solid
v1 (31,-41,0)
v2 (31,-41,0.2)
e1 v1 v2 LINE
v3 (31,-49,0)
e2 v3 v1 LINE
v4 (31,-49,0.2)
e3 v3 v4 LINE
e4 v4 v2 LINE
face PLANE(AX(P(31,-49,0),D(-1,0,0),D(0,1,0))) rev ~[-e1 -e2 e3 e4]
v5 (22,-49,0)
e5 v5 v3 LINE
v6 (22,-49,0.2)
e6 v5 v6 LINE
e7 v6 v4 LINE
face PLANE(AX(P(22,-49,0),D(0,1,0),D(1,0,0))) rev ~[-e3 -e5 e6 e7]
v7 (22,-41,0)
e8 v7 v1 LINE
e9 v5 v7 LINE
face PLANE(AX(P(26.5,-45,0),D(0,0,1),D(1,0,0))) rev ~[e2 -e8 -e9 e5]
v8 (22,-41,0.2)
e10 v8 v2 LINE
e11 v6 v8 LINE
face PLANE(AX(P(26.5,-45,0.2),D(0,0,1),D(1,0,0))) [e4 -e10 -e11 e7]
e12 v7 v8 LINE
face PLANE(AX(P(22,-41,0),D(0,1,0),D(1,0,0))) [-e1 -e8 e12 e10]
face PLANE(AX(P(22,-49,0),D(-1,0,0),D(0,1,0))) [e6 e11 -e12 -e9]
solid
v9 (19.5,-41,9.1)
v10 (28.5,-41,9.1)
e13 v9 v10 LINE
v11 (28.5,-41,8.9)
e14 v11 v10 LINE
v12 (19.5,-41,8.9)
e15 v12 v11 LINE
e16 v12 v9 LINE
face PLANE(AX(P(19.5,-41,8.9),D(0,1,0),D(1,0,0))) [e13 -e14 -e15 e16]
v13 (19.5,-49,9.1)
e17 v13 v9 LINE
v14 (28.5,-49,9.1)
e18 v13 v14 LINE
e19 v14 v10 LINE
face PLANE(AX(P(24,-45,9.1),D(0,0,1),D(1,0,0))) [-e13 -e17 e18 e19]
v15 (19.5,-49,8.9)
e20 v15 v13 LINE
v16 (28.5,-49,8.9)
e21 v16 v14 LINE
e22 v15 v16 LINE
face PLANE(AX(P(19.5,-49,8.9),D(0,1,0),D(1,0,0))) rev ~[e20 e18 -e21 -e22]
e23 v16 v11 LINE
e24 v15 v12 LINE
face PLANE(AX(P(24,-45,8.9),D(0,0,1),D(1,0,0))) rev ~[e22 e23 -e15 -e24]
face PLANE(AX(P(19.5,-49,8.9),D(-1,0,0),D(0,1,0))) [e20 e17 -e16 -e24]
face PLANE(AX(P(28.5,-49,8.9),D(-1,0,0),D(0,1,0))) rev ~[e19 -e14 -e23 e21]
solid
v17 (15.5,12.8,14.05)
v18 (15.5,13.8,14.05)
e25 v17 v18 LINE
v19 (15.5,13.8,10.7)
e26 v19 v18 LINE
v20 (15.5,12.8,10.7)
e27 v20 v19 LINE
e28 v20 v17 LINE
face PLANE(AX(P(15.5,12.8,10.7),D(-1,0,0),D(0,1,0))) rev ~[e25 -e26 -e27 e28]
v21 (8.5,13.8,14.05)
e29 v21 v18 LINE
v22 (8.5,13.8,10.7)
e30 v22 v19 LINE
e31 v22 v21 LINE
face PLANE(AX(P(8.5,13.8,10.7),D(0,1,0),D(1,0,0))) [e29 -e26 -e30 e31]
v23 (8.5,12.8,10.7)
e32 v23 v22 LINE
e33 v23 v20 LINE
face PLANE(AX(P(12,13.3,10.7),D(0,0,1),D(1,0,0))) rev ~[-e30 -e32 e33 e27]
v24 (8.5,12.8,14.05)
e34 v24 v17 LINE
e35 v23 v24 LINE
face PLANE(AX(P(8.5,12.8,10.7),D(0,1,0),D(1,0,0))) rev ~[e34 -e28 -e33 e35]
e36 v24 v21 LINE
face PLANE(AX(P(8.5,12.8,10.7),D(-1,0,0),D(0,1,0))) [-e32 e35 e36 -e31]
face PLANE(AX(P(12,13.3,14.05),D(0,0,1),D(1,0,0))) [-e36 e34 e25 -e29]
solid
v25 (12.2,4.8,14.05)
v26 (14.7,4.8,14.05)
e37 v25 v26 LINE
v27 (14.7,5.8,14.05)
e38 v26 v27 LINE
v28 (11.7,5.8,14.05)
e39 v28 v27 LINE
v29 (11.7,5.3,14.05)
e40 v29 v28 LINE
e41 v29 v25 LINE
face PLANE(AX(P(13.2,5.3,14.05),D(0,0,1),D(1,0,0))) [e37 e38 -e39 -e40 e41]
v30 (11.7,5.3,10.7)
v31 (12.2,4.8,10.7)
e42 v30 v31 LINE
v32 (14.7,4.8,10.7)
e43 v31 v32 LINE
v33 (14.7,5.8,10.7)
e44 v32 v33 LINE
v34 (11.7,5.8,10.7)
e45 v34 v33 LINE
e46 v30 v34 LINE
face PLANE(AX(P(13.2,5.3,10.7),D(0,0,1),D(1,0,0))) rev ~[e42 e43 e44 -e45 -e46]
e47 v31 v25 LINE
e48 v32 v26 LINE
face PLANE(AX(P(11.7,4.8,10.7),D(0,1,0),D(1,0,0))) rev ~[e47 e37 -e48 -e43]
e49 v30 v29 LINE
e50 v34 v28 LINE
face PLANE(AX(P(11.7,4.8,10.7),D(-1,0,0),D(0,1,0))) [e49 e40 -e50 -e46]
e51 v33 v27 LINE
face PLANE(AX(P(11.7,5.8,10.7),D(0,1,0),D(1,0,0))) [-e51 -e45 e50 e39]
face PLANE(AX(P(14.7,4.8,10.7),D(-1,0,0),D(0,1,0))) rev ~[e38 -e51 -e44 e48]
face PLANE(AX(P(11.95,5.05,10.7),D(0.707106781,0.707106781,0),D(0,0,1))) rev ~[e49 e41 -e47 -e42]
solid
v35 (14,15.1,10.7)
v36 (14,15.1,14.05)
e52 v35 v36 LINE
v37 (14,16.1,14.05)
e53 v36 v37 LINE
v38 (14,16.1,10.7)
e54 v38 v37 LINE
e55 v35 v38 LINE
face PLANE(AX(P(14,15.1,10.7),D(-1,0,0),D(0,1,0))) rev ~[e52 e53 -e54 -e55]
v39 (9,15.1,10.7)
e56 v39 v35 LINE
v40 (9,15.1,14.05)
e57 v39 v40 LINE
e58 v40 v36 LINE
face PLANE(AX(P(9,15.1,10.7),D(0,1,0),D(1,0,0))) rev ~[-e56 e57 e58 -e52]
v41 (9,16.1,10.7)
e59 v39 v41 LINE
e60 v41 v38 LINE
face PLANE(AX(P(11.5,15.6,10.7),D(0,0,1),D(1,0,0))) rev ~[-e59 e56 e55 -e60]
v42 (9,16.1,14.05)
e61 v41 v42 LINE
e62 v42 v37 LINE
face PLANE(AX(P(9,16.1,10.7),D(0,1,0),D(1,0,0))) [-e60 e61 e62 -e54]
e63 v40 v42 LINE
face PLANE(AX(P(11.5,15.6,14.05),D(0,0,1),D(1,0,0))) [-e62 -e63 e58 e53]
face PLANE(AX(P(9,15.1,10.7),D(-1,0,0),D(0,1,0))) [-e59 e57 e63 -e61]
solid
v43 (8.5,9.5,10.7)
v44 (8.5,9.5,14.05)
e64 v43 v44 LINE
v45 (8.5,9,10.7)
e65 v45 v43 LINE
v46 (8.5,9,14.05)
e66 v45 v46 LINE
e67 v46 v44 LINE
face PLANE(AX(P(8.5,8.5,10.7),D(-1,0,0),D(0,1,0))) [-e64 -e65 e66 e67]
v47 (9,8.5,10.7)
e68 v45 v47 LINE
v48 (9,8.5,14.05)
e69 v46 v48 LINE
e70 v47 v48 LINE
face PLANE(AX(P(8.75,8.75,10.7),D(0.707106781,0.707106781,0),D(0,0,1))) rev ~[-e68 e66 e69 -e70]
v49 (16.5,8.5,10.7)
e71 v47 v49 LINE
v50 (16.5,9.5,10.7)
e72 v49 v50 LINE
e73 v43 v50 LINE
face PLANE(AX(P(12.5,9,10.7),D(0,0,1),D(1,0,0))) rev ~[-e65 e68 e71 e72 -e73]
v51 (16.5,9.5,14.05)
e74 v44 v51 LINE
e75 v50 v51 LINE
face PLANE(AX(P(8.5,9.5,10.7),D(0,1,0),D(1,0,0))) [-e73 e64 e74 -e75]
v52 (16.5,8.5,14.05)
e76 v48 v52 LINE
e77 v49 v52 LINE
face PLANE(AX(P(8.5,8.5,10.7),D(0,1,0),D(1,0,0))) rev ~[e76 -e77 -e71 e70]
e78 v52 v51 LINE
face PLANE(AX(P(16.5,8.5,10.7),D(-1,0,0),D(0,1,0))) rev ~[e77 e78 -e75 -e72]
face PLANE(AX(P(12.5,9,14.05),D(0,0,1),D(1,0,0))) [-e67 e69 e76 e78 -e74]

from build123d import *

# Parameters (mm, degrees)
BOX035_W           = 9
BOX035_H           = 8
BOX035_DEPTH       = 0.2
BOX031_W           = 3
BOX031_H           = 1
BOX031_DEPTH       = 3.35
CHAMFER002006_SIZE = 0.5
BOX028_W           = 8
BOX028_H           = 1
BOX028_DEPTH       = 3.35
CHAMFER002005_SIZE = 0.5
BOX029_W           = 7
BOX029_H           = 1
BOX029_DEPTH       = 3.35
BOX030_W           = 5
BOX030_H           = 1
BOX030_DEPTH       = 3.35
BOX034_W           = 9
BOX034_H           = 8
BOX034_DEPTH       = 0.2


with BuildPart() as probe_support_mid:
    # Box035 → Box035 (new body)
    with BuildSketch(Plane(origin=(19.5, -49, 8.9), x_dir=(1, 0, 0), z_dir=(0, 0, 1))):
        with Locations((4.5, 4)):
            Rectangle(BOX035_W, BOX035_H)
    extrude(amount=BOX035_DEPTH)


with BuildPart() as hingle_support_p1:
    # Box031 → Box031 (new body)
    with BuildSketch(Plane(origin=(11.7, 4.8, 10.7), x_dir=(1, 0, 0), z_dir=(0, 0, 1))):
        with Locations((1.5, 0.5)):
            Rectangle(BOX031_W, BOX031_H)
    extrude(amount=BOX031_DEPTH)

    # Chamfer002006
    chamfer002006_edges = [hingle_support_p1.edges().sort_by_distance(p)[0] for p in [
        (11.7, 4.8, 12.375),
    ]]
    chamfer(chamfer002006_edges, length=CHAMFER002006_SIZE)


with BuildPart() as hingle_support_p2:
    # Box028 → Box028 (new body)
    with BuildSketch(Plane(origin=(8.5, 8.5, 10.7), x_dir=(1, 0, 0), z_dir=(0, 0, 1))):
        with Locations((4, 0.5)):
            Rectangle(BOX028_W, BOX028_H)
    extrude(amount=BOX028_DEPTH)

    # Chamfer002005
    chamfer002005_edges = [hingle_support_p2.edges().sort_by_distance(p)[0] for p in [
        (8.5, 8.5, 12.375),
    ]]
    chamfer(chamfer002005_edges, length=CHAMFER002005_SIZE)


with BuildPart() as hingle_support_p3:
    # Box029 → Box029 (new body)
    with BuildSketch(Plane(origin=(8.5, 12.8, 10.7), x_dir=(1, 0, 0), z_dir=(0, 0, 1))):
        with Locations((3.5, 0.5)):
            Rectangle(BOX029_W, BOX029_H)
    extrude(amount=BOX029_DEPTH)


with BuildPart() as hingle_support_p4:
    # Box030 → Box030 (new body)
    with BuildSketch(Plane(origin=(9, 15.1, 10.7), x_dir=(1, 0, 0), z_dir=(0, 0, 1))):
        with Locations((2.5, 0.5)):
            Rectangle(BOX030_W, BOX030_H)
    extrude(amount=BOX030_DEPTH)


with BuildPart() as full_custom_support:
    # Box034 → Box034 (new body)
    with BuildSketch(Plane(origin=(22, -49, 0), x_dir=(1, 0, 0), z_dir=(0, 0, 1))):
        with Locations((4.5, 4)):
            Rectangle(BOX034_W, BOX034_H)
    extrude(amount=BOX034_DEPTH)

    # Fusion002010004002002006003002002004003: union probe-support-mid, hingle-support-p1, hingle-support-p2, hingle-support-p3, hingle-support-p4
    add(probe_support_mid.part)
    add(hingle_support_p1.part)
    add(hingle_support_p2.part)
    add(hingle_support_p3.part)
    add(hingle_support_p4.part)


solid = full_custom_support.part
